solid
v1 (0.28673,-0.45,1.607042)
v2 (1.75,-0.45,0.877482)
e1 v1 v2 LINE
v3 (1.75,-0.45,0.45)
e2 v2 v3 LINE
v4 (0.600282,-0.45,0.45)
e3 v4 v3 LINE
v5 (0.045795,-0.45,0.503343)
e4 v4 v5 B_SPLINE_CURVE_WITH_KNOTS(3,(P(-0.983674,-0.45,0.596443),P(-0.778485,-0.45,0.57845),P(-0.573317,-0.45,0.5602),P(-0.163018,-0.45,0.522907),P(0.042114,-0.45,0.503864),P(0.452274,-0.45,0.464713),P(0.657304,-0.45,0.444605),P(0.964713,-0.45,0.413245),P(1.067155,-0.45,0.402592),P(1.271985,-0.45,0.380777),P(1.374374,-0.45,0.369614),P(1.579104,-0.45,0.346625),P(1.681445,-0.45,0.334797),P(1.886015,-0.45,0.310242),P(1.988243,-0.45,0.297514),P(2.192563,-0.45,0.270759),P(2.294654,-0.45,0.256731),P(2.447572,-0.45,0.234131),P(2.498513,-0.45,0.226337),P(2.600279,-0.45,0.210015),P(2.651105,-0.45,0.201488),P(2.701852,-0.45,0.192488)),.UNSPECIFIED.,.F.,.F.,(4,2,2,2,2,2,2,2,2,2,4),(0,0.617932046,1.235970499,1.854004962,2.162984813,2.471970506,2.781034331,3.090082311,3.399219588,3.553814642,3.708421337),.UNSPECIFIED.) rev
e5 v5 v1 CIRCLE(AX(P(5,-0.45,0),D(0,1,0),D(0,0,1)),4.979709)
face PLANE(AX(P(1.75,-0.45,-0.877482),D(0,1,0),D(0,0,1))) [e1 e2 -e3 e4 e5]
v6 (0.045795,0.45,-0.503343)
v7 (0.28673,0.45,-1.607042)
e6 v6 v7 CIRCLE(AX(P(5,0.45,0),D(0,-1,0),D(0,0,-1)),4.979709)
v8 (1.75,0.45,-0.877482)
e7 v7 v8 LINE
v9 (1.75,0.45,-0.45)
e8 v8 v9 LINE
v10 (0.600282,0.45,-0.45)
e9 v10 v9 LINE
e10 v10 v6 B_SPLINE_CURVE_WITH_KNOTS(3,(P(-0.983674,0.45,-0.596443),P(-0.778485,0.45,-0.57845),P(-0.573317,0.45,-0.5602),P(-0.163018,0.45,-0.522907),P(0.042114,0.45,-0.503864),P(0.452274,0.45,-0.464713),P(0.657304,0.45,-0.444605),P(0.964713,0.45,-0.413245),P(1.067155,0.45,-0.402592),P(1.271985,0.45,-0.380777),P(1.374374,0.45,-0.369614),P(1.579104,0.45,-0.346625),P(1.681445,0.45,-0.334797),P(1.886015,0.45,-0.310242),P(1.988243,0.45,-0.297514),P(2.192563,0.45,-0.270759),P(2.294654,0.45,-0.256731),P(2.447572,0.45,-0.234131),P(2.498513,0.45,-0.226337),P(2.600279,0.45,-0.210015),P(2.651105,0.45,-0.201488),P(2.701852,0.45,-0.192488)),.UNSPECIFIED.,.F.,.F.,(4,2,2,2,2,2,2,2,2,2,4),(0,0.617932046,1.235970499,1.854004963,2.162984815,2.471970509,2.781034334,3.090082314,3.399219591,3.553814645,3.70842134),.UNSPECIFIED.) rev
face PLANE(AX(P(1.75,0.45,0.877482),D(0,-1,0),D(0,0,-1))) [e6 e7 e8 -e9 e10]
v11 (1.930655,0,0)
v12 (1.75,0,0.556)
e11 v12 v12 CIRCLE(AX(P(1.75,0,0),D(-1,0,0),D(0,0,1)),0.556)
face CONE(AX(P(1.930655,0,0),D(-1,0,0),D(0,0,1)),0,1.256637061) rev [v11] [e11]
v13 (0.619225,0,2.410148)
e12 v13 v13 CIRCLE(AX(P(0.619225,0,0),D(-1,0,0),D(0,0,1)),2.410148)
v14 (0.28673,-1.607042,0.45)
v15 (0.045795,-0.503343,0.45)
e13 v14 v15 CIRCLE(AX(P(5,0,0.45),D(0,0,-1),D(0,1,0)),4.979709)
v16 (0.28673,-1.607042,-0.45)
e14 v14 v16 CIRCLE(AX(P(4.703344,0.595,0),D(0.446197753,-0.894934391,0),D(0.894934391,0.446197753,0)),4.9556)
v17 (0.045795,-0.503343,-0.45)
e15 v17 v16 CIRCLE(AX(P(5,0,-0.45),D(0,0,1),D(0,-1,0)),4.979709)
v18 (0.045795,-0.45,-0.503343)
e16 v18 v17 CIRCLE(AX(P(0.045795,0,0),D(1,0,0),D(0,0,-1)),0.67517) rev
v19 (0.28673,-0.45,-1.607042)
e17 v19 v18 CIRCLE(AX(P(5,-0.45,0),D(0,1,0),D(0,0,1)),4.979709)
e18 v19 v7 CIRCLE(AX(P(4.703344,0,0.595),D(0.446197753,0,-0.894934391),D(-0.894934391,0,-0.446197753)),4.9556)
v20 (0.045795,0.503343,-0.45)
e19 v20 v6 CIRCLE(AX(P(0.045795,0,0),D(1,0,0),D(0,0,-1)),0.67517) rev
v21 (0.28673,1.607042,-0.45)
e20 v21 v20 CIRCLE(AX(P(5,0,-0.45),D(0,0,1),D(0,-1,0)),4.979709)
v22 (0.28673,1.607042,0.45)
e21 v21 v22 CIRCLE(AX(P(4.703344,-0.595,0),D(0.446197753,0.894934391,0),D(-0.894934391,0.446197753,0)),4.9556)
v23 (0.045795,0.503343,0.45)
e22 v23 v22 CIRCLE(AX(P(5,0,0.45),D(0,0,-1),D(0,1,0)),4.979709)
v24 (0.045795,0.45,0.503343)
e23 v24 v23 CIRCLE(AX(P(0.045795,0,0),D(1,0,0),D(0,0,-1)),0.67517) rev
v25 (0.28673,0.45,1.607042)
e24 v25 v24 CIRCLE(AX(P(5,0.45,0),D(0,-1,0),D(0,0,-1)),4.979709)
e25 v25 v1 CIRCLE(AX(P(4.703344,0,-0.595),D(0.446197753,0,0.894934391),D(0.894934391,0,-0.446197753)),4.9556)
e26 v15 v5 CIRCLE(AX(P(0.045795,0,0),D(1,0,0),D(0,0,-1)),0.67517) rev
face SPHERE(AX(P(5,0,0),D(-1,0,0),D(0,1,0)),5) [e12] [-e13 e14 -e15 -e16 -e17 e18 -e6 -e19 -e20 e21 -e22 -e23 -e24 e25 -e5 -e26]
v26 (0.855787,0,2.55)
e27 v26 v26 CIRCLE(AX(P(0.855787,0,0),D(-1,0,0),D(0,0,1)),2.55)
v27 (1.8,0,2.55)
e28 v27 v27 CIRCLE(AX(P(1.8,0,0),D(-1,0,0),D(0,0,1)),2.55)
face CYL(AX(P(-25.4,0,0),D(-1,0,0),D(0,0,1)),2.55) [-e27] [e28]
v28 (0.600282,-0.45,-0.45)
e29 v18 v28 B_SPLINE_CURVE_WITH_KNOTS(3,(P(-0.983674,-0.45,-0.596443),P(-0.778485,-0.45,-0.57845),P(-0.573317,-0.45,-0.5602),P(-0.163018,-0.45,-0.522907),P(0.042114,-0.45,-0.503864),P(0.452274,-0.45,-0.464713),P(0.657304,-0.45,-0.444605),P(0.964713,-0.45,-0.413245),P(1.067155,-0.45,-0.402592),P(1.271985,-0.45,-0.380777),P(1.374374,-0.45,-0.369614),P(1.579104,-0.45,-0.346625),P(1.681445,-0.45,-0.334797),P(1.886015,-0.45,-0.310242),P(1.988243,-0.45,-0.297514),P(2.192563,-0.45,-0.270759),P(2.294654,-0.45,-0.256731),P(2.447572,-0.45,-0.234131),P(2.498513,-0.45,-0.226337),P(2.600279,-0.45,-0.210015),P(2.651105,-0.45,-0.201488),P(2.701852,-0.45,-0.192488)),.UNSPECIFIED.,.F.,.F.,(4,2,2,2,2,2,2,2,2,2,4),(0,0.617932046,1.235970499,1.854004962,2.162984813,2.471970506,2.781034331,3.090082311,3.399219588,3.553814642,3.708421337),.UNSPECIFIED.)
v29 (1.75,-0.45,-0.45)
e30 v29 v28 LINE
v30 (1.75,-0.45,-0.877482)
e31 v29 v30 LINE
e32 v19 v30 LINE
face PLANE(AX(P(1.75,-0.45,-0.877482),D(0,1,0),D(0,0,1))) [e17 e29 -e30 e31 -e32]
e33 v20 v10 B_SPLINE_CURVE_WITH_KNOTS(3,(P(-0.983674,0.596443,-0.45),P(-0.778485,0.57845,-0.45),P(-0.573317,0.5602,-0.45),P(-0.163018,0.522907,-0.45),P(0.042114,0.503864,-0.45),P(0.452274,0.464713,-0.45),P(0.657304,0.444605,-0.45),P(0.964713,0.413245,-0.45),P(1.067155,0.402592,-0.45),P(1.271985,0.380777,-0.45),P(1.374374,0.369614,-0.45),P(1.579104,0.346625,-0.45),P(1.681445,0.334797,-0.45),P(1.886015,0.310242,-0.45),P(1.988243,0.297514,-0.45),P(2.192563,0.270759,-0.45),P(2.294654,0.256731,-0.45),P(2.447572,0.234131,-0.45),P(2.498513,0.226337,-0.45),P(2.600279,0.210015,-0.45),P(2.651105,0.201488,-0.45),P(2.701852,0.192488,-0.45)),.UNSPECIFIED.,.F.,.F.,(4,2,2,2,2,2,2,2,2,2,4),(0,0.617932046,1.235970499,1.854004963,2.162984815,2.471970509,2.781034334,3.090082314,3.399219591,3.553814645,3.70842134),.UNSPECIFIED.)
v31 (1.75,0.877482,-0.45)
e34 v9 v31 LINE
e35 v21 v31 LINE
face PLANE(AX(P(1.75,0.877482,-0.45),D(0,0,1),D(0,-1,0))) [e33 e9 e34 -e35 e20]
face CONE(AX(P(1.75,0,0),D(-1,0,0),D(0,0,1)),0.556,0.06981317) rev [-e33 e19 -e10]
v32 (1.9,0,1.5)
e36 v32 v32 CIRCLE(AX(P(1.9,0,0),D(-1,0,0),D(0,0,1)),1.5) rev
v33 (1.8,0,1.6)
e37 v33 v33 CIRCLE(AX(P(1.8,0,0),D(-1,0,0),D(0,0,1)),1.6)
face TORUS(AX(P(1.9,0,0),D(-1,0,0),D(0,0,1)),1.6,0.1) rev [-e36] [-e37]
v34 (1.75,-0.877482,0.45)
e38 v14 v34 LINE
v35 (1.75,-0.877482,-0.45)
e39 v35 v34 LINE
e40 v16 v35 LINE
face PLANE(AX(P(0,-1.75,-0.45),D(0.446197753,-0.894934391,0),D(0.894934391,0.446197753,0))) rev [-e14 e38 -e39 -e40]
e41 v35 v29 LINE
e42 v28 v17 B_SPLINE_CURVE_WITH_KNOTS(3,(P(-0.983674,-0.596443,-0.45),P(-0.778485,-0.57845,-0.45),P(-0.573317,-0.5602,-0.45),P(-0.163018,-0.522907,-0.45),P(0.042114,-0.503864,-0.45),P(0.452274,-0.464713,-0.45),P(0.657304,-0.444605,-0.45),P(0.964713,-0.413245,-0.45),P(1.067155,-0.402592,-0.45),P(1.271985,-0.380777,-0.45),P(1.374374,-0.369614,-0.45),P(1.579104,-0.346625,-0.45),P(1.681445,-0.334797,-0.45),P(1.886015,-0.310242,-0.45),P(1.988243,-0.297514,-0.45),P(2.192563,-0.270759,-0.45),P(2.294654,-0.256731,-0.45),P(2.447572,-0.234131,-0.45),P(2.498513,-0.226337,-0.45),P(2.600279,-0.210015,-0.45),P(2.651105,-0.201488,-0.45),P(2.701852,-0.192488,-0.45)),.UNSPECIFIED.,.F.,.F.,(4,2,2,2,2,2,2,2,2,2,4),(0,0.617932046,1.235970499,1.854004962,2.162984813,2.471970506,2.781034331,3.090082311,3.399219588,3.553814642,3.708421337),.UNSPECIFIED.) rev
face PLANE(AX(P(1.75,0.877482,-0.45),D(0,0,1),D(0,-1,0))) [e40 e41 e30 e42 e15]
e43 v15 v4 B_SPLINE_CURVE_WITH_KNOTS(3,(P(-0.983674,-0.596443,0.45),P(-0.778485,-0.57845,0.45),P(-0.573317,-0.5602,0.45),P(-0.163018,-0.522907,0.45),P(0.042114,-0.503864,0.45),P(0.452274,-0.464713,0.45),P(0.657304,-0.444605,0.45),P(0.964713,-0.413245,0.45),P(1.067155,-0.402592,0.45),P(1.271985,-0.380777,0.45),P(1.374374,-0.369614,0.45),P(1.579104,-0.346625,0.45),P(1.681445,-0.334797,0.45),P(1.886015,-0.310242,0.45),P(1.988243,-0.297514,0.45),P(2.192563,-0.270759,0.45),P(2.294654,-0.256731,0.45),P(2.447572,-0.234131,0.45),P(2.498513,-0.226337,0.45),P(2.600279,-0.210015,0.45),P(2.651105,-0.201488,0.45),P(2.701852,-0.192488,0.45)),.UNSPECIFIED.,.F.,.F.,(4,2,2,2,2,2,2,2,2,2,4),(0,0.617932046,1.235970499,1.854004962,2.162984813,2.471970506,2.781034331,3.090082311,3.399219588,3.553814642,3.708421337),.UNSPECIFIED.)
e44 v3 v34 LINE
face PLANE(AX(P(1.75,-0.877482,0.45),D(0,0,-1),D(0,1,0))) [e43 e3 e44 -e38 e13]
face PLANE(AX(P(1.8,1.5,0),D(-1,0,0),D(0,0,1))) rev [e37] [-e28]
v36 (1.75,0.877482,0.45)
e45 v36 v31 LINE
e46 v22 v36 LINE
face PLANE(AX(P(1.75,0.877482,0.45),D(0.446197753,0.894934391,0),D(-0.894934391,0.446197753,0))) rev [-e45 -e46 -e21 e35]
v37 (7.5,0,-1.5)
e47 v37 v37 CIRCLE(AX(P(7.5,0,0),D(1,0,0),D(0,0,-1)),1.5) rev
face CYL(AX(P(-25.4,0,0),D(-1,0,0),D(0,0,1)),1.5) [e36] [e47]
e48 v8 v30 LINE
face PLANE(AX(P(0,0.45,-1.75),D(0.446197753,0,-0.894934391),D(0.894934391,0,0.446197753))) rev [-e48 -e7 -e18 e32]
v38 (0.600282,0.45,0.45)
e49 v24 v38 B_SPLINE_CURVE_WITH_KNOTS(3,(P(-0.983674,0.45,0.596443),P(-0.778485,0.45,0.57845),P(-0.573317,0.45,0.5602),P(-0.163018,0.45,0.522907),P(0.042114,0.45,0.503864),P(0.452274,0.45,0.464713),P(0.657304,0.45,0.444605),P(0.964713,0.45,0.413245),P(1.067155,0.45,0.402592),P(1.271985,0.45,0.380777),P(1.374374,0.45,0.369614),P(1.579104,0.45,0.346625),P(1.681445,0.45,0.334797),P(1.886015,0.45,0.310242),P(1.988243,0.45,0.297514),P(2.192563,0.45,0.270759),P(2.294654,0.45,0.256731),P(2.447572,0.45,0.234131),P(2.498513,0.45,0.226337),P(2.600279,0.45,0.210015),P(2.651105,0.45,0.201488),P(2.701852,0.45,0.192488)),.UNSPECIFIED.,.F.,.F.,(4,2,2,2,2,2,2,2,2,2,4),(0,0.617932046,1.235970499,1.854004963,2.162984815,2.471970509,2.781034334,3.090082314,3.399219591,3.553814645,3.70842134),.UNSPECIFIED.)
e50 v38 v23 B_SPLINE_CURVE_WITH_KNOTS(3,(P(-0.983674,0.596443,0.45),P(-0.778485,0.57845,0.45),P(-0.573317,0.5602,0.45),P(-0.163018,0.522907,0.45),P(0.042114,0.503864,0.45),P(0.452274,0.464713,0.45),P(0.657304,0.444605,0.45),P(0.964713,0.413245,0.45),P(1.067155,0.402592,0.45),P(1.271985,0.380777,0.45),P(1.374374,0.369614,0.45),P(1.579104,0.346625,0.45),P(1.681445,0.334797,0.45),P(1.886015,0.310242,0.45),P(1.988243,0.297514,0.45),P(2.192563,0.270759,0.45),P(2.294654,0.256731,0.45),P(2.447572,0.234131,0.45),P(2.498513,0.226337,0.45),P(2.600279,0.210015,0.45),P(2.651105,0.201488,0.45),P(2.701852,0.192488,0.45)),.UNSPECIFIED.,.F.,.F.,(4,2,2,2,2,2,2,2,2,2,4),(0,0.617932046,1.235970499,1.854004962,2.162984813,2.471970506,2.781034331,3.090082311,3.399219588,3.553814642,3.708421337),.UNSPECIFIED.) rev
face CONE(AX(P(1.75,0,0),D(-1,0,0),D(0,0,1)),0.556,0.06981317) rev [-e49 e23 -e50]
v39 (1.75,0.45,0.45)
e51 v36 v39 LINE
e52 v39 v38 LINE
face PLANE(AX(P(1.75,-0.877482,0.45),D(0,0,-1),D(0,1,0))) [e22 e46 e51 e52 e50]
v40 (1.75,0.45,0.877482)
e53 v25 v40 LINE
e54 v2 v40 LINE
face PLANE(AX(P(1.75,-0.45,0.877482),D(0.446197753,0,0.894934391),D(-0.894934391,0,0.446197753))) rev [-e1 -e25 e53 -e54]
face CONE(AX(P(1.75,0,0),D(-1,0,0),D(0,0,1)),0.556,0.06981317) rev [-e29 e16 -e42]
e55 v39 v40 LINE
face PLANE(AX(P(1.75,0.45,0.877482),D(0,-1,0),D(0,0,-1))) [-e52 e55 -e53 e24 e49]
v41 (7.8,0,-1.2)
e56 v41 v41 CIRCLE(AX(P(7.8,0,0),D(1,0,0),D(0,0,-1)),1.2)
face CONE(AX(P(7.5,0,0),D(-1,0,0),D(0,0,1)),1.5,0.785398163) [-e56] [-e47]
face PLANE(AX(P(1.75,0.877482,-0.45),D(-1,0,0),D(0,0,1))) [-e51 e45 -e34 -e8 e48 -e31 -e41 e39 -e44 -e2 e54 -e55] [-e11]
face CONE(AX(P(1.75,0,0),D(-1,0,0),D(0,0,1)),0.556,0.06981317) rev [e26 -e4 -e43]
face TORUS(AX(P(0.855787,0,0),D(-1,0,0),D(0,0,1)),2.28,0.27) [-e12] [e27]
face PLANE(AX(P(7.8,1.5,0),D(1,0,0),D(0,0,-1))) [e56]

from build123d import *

# Parameters (mm, degrees)
FILLET1_R       = 0.1
SKETCH3_W       = 0.9
SKETCH3_H       = 3.5
SKETCH4_W       = 0.9
SKETCH4_H       = 1.754964664
RECPAT_COUNT    = 2
RECPAT_ANGLE    = 90
CHANFREIN1_SIZE = 0.3


with BuildPart() as part:
    # BodySke → Base-Revolve (revolve)
    with BuildSketch(Plane.XY):
        with BuildLine():
            Line((1.8, 1.5), (1.8, 2.55))
            Line((1.8, 2.55), (0.855787168, 2.55))
            ThreePointArc((0.855787168, 2.55), (0.718382578, 2.512421984), (0.619225336, 2.410147992))
            ThreePointArc((0.619225336, 2.410147992), (0.157280035, 1.244211935), (0, 0))
            Line((0, 0), (7.8, 0))
            Line((7.8, 0), (7.8, 1.5))
            Line((7.8, 1.5), (1.8, 1.5))
        make_face()
    revolve(axis=Axis((-25.4, 0, 0), (1, 0, 0)))

    # Fillet1
    fillet1_edges = [part.edges().sort_by_distance(p)[0] for p in [
        (1.8, -1.5, 0),
    ]]
    fillet(fillet1_edges, radius=FILLET1_R)

    # Sketch3 → Recess section 0
    with BuildSketch(Plane(origin=(0, 0, 0), x_dir=(0, 0, -1), z_dir=(1, 0, 0))):
        Rectangle(SKETCH3_W, SKETCH3_H)
    # Sketch4 → Recess section 1
    with BuildSketch(Plane(origin=(1.75, 0, 0), x_dir=(0, 0, -1), z_dir=(1, 0, 0))):
        Rectangle(SKETCH4_W, SKETCH4_H)
    recess = loft(mode=Mode.SUBTRACT)

    # RecPat: Recess ×2 about axis
    recpat_axis = Axis((0, 0, 0), (1, 0, 0))
    for i in range(1, RECPAT_COUNT):
        add(recess.rotate(recpat_axis, i * RECPAT_ANGLE / (RECPAT_COUNT - 1)), mode=Mode.SUBTRACT)

    # RecCorSke → RecessCore (revolve, cut)
    with BuildSketch(Plane.XY):
        Polygon((0, 0), (0, 0.678371921), (1.75, 0.556), (1.930655351, 0), align=None)
    revolve(axis=Axis((-3.175, 0, 0), (1, 0, 0)), mode=Mode.SUBTRACT)

    # Chanfrein1
    chanfrein1_edges = [part.edges().sort_by_distance(p)[0] for p in [
        (7.8, -1.5, 0),
    ]]
    chamfer(chanfrein1_edges, length=CHANFREIN1_SIZE)


solid = part.part
